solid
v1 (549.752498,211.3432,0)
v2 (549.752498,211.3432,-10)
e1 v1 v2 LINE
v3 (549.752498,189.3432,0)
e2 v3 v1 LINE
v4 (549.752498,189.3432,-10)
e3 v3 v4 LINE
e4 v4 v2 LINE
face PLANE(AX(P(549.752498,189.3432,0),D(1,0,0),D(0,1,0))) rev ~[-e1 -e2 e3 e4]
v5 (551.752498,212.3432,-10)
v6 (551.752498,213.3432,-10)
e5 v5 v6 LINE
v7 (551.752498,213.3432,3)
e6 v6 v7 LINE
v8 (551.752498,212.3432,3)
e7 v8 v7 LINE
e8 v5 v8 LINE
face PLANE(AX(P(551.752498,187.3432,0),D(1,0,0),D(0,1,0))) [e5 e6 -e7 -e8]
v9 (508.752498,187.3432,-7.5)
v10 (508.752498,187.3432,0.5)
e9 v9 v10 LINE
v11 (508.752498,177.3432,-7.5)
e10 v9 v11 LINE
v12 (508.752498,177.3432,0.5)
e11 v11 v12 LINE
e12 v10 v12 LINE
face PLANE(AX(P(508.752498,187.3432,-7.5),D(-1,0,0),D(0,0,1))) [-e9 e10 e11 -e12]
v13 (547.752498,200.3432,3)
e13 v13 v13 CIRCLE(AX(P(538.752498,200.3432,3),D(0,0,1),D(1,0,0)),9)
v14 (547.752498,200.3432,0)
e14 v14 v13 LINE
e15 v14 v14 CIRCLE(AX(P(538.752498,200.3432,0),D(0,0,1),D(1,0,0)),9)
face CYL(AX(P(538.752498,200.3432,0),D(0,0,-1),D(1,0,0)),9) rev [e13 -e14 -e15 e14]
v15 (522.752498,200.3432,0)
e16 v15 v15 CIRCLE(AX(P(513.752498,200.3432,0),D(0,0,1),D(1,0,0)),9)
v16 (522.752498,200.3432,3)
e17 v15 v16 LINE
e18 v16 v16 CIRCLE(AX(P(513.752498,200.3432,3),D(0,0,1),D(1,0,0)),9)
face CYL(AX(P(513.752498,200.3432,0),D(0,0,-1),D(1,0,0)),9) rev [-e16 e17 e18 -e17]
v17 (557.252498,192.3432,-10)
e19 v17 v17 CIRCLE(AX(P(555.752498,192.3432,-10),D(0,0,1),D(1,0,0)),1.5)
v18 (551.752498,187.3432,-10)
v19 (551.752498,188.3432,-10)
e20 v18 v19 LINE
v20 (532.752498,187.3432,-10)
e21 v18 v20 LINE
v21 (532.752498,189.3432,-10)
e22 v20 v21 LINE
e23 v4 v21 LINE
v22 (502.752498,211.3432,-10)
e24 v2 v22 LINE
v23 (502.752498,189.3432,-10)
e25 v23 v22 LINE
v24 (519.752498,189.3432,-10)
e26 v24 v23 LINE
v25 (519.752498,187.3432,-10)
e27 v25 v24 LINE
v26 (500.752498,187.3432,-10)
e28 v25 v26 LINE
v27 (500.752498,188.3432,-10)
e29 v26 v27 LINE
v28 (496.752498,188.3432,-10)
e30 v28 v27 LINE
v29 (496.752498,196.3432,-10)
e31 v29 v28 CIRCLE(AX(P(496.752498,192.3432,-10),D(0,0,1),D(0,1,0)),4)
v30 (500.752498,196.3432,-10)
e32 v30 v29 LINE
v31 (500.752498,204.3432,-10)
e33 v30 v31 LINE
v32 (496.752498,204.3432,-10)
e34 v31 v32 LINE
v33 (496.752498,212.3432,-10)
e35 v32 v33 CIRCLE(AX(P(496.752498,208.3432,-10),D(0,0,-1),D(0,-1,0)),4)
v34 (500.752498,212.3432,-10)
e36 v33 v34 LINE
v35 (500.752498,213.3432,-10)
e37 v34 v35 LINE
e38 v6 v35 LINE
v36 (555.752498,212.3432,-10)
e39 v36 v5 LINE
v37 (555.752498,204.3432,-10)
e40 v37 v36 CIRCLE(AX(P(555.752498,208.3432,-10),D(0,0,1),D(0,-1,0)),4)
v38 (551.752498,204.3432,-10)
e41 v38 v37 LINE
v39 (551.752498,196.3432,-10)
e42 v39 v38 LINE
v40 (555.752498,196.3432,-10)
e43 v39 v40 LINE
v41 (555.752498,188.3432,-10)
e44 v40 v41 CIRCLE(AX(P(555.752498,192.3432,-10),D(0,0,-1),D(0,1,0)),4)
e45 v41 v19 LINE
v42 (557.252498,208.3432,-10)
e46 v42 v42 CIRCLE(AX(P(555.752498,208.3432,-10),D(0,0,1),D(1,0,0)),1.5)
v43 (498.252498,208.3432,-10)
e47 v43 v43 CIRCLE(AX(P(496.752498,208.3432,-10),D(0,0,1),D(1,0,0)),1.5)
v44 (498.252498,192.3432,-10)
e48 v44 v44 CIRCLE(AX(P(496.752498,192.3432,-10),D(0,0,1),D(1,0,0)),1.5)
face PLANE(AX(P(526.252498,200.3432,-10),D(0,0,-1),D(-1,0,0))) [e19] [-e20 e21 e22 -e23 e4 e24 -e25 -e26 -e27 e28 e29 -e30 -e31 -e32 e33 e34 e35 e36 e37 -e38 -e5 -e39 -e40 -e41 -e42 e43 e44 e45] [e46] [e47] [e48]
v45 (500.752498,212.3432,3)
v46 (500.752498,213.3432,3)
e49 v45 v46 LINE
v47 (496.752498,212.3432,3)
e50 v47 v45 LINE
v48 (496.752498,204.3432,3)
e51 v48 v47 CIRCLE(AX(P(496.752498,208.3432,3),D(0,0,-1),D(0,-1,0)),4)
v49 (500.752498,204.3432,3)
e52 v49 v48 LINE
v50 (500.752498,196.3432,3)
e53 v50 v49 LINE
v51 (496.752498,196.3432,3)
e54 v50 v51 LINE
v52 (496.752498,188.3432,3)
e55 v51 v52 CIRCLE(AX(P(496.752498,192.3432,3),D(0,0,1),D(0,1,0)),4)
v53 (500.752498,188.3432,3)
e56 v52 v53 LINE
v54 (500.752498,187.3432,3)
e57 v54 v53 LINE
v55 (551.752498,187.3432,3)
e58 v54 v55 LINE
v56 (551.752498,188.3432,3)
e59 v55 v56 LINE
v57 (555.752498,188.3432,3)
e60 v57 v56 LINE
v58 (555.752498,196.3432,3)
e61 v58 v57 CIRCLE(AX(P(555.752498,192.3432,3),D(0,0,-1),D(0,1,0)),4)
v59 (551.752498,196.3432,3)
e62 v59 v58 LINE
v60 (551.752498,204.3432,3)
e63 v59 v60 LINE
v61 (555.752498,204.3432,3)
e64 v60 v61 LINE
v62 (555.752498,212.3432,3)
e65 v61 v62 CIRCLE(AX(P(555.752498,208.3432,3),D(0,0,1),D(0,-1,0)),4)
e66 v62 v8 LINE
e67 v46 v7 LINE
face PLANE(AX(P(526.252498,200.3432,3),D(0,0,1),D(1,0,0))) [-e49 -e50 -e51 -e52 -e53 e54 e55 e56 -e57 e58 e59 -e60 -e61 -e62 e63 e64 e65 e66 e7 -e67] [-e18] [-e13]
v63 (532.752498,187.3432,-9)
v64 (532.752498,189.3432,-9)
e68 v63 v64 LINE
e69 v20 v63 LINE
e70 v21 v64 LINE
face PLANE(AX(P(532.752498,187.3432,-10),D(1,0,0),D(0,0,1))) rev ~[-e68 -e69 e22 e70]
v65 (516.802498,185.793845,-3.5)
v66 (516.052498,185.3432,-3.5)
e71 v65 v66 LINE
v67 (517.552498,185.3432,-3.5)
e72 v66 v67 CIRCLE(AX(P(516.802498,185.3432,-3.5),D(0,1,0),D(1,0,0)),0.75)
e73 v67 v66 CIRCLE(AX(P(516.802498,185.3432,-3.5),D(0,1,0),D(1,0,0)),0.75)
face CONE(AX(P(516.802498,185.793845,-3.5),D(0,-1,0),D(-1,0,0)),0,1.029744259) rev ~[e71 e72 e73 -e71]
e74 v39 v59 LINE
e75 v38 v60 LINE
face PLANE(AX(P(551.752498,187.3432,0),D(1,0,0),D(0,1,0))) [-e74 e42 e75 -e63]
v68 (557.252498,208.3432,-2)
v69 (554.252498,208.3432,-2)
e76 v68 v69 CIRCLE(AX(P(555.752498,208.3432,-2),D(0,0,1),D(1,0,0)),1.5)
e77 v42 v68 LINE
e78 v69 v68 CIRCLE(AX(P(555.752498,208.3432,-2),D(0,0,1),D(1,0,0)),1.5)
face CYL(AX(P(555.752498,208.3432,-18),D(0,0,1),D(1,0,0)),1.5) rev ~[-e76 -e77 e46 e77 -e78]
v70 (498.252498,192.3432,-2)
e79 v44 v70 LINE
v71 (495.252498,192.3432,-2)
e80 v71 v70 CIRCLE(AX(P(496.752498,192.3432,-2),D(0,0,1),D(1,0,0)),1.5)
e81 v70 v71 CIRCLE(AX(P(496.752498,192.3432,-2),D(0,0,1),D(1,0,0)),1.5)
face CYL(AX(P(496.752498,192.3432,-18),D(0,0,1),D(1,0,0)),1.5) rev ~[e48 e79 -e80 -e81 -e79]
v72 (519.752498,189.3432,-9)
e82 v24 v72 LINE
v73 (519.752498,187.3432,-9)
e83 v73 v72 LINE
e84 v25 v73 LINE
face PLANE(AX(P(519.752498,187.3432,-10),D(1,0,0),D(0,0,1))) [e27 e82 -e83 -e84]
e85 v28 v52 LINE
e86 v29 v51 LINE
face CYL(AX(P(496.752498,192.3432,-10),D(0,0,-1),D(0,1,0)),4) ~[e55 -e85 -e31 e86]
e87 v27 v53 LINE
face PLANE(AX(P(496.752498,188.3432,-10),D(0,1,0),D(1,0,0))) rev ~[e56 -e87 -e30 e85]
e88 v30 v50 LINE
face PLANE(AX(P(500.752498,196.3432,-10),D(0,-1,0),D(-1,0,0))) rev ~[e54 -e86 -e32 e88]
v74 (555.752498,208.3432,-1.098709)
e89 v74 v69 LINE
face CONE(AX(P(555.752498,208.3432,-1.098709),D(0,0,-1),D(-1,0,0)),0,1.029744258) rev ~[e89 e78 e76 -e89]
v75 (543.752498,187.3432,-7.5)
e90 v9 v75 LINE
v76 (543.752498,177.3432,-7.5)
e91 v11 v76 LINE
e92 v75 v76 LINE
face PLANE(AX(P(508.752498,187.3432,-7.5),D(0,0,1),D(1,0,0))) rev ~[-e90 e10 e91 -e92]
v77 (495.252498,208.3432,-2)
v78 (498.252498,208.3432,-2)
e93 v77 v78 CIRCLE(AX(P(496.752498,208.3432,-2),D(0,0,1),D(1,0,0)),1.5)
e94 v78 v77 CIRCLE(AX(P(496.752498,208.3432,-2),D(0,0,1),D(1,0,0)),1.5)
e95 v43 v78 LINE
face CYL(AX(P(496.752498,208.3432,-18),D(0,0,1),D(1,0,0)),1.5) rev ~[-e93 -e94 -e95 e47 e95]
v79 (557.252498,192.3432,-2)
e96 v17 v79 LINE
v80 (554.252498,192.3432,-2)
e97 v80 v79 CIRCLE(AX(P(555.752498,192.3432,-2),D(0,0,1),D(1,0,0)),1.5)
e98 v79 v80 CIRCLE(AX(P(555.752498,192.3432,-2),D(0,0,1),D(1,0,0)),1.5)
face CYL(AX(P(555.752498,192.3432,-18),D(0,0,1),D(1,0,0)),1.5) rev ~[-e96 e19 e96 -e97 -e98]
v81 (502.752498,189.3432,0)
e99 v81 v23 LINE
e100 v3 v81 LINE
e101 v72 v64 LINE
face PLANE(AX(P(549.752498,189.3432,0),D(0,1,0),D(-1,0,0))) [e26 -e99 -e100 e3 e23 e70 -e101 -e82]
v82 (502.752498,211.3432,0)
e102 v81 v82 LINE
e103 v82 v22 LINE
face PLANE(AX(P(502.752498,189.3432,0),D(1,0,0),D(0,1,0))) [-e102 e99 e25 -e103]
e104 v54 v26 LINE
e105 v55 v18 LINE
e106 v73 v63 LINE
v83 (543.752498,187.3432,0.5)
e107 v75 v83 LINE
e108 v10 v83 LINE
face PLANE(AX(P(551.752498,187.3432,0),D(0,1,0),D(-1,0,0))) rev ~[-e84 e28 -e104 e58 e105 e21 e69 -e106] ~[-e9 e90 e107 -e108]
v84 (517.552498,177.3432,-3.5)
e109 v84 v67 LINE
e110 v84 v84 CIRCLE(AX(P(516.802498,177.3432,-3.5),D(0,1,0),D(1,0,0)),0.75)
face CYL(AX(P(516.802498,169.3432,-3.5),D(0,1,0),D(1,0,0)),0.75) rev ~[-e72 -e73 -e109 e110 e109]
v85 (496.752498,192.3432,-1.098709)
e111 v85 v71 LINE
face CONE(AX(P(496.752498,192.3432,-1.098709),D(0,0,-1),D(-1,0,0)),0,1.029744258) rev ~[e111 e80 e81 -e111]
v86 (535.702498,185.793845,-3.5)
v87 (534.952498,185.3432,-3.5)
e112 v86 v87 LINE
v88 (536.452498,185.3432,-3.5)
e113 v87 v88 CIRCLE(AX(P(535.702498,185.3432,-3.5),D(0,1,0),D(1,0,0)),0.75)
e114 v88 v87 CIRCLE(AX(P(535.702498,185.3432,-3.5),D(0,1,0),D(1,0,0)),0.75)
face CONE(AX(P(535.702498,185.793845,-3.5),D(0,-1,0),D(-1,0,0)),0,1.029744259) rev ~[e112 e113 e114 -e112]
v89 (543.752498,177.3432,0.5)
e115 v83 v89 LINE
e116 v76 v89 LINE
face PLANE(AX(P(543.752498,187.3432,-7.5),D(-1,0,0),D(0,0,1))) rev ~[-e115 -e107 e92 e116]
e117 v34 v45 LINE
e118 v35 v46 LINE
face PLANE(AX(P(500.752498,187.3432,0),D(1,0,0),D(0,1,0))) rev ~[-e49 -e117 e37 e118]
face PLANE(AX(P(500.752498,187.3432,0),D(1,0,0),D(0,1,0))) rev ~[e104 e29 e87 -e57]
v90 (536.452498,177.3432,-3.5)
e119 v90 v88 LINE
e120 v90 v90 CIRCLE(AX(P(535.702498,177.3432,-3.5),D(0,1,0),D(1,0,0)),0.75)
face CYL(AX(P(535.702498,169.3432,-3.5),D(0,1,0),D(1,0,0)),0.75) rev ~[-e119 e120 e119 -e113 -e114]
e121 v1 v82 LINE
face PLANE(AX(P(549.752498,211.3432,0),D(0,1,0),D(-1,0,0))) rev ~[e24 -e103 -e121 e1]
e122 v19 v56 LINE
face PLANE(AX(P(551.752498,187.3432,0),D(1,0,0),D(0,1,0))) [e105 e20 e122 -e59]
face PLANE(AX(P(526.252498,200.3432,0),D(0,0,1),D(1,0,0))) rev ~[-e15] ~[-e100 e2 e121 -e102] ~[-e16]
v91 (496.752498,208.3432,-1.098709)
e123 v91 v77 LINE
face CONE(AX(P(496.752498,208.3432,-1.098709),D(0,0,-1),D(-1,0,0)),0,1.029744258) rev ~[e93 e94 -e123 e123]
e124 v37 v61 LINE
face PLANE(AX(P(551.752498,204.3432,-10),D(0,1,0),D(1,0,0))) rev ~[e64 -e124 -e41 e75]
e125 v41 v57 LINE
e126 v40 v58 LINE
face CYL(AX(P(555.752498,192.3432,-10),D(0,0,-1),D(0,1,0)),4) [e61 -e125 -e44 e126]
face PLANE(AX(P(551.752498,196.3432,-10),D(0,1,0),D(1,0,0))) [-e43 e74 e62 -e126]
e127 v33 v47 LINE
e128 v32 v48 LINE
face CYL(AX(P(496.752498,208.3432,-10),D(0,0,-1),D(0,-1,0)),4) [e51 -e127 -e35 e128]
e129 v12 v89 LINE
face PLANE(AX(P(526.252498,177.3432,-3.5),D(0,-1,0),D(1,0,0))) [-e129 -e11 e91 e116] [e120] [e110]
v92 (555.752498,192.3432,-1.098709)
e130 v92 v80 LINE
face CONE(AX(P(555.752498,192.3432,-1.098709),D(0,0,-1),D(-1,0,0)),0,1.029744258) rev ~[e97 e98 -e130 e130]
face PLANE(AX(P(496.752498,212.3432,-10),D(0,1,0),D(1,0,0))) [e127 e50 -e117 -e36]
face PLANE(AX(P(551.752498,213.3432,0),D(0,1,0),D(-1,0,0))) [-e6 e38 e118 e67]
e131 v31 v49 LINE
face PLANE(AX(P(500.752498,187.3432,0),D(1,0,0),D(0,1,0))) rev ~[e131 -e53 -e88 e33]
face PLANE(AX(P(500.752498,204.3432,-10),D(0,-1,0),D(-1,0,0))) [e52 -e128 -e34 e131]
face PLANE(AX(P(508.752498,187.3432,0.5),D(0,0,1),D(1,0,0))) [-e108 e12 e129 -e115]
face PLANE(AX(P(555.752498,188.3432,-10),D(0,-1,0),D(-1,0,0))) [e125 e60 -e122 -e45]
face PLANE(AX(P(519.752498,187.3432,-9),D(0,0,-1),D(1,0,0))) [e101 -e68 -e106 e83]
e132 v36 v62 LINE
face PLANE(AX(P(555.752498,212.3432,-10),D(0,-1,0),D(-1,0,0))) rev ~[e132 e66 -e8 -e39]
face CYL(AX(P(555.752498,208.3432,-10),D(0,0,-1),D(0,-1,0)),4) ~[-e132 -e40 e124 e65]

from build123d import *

# Parameters (mm, degrees)
SKIZZE1_W                            = 51
SKIZZE1_H                            = 26
SKIZZE1_R                            = 9
AUFSATZ_LINEAR_AUSTRAGEN1_DEPTH      = 3
SKIZZE3_W                            = 51
SKIZZE3_H                            = 26
SKIZZE3_W_2                          = 47
SKIZZE3_H_2                          = 22
AUFSATZ_LINEAR_AUSTRAGEN3_DEPTH      = 10
AUFSATZ_LINEAR_AUSTRAGEN4_DEPTH      = 13
F_3_0_3_DURCHMESSER_BOHRUNG1_D       = 3
F_3_0_3_DURCHMESSER_BOHRUNG1_DEPTH   = 8
F_3_0_3_DURCHMESSER_BOHRUNG1_TIP     = 0.901290929
SCHNITT_LINEAR_AUSTRAGEN1_REACH      = 562.445
SKIZZE8_W                            = 13
SKIZZE8_H                            = 1
SKIZZE10_W                           = 35
SKIZZE10_H                           = 8
AUFSATZ_LINEAR_AUSTRAGEN5_DEPTH      = 10
F_1_5_1_5_DURCHMESSER_BOHRUNG1_D     = 1.5
F_1_5_1_5_DURCHMESSER_BOHRUNG1_DEPTH = 8
F_1_5_1_5_DURCHMESSER_BOHRUNG1_TIP   = 0.450645464


with BuildPart() as part:
    # Skizze1 → Aufsatz-Linear austragen1 (new body)
    with BuildSketch(Plane.XY):
        with Locations((526.252498469, 200.343199998)):
            Rectangle(SKIZZE1_W, SKIZZE1_H)
        with Locations((513.752498469, 200.343199998)):
            Circle(SKIZZE1_R, mode=Mode.SUBTRACT)
        with Locations((538.752498469, 200.343199998)):
            Circle(SKIZZE1_R, mode=Mode.SUBTRACT)
    extrude(amount=AUFSATZ_LINEAR_AUSTRAGEN1_DEPTH)

    # Skizze3 → Aufsatz-Linear austragen3 (add)
    with BuildSketch(Plane(origin=(0, 0, 0), x_dir=(-1, 0, 0), z_dir=(0, 0, -1))):
        with Locations((-526.252498469, 200.343199998)):
            Rectangle(SKIZZE3_W, SKIZZE3_H)
        with Locations((-526.252498469, 200.343199998)):
            Rectangle(SKIZZE3_W_2, SKIZZE3_H_2, mode=Mode.SUBTRACT)
    extrude(amount=AUFSATZ_LINEAR_AUSTRAGEN3_DEPTH)

    # Skizze4 → Aufsatz-Linear austragen4 (add)
    with BuildSketch(Plane(origin=(0, 0, -10), x_dir=(-1, 0, 0), z_dir=(0, 0, -1))):
        with BuildLine():
            Line((-496.752498469, 212.343199998), (-500.752498469, 212.343199998))
            Line((-500.752498469, 212.343199998), (-500.752498469, 204.343199998))
            Line((-500.752498469, 204.343199998), (-496.752498469, 204.343199998))
            ThreePointArc((-496.752498469, 204.343199998), (-492.752498469, 208.343199998), (-496.752498469, 212.343199998))
        make_face()
        with BuildLine():
            Line((-500.752498469, 196.343199998), (-496.752498469, 196.343199998))
            ThreePointArc((-496.752498469, 196.343199998), (-492.752498469, 192.343199998), (-496.752498469, 188.343199998))
            Line((-496.752498469, 188.343199998), (-500.752498469, 188.343199998))
            Line((-500.752498469, 188.343199998), (-500.752498469, 196.343199998))
        make_face()
        with BuildLine():
            Line((-551.752498469, 188.343199998), (-551.752498469, 196.343199998))
            Line((-551.752498469, 196.343199998), (-555.752498469, 196.343199998))
            ThreePointArc((-555.752498469, 196.343199998), (-559.752498469, 192.343199998), (-555.752498469, 188.343199998))
            Line((-555.752498469, 188.343199998), (-551.752498469, 188.343199998))
        make_face()
        with BuildLine():
            Line((-551.752498469, 204.343199998), (-555.752498469, 204.343199998))
            ThreePointArc((-555.752498469, 204.343199998), (-559.752498469, 208.343199998), (-555.752498469, 212.343199998))
            Line((-555.752498469, 212.343199998), (-551.752498469, 212.343199998))
            Line((-551.752498469, 212.343199998), (-551.752498469, 204.343199998))
        make_face()
    extrude(amount=-AUFSATZ_LINEAR_AUSTRAGEN4_DEPTH)

    # Ø3.0 (3) Durchmesser Bohrung1
    with Locations(Plane(origin=(0, 0, -10), x_dir=(-1, 0, 0), z_dir=(0, 0, -1))):
        with Locations((-555.752498469, 208.343199998), (-555.752498469, 192.343199998), (-496.752498469, 208.343199998), (-496.752498469, 192.343199998)):
            Hole(F_3_0_3_DURCHMESSER_BOHRUNG1_D / 2, depth=F_3_0_3_DURCHMESSER_BOHRUNG1_DEPTH)
            with Locations((0, 0, -(F_3_0_3_DURCHMESSER_BOHRUNG1_DEPTH + F_3_0_3_DURCHMESSER_BOHRUNG1_TIP / 2))):  # 118° drill point
                Cone(0, F_3_0_3_DURCHMESSER_BOHRUNG1_D / 2, F_3_0_3_DURCHMESSER_BOHRUNG1_TIP, mode=Mode.SUBTRACT)

    # Skizze8 → Schnitt-Linear austragen1 (cut, up to next)
    with BuildSketch(Plane.XZ.offset(-187.343199998), mode=Mode.PRIVATE) as schnitt_linear_austragen1_sk1:
        with Locations((526.252498469, -9.5)):
            Rectangle(SKIZZE8_W, SKIZZE8_H)
    schnitt_linear_austragen1_tool1 = extrude(schnitt_linear_austragen1_sk1.sketch, amount=-SCHNITT_LINEAR_AUSTRAGEN1_REACH, mode=Mode.PRIVATE) & part.part
    add(schnitt_linear_austragen1_tool1.solids().sort_by_distance((526.252498, 187.3432, -9.5))[0], mode=Mode.SUBTRACT)

    # Skizze10 → Aufsatz-Linear austragen5 (add)
    with BuildSketch(Plane.XZ.offset(-187.343199998)):
        with Locations((526.252498469, -3.5)):
            Rectangle(SKIZZE10_W, SKIZZE10_H)
    extrude(amount=AUFSATZ_LINEAR_AUSTRAGEN5_DEPTH)

    # Ø1.5 (1.5) Durchmesser Bohrung1
    with Locations(Plane(origin=(0, 177.343199998, 0), x_dir=(-1, 0, 0), z_dir=(0, -1, 0))):
        with Locations((-535.702498469, 3.5), (-516.802498469, 3.5)):
            Hole(F_1_5_1_5_DURCHMESSER_BOHRUNG1_D / 2, depth=F_1_5_1_5_DURCHMESSER_BOHRUNG1_DEPTH)
            with Locations((0, 0, -(F_1_5_1_5_DURCHMESSER_BOHRUNG1_DEPTH + F_1_5_1_5_DURCHMESSER_BOHRUNG1_TIP / 2))):  # 118° drill point
                Cone(0, F_1_5_1_5_DURCHMESSER_BOHRUNG1_D / 2, F_1_5_1_5_DURCHMESSER_BOHRUNG1_TIP, mode=Mode.SUBTRACT)


solid = part.part
